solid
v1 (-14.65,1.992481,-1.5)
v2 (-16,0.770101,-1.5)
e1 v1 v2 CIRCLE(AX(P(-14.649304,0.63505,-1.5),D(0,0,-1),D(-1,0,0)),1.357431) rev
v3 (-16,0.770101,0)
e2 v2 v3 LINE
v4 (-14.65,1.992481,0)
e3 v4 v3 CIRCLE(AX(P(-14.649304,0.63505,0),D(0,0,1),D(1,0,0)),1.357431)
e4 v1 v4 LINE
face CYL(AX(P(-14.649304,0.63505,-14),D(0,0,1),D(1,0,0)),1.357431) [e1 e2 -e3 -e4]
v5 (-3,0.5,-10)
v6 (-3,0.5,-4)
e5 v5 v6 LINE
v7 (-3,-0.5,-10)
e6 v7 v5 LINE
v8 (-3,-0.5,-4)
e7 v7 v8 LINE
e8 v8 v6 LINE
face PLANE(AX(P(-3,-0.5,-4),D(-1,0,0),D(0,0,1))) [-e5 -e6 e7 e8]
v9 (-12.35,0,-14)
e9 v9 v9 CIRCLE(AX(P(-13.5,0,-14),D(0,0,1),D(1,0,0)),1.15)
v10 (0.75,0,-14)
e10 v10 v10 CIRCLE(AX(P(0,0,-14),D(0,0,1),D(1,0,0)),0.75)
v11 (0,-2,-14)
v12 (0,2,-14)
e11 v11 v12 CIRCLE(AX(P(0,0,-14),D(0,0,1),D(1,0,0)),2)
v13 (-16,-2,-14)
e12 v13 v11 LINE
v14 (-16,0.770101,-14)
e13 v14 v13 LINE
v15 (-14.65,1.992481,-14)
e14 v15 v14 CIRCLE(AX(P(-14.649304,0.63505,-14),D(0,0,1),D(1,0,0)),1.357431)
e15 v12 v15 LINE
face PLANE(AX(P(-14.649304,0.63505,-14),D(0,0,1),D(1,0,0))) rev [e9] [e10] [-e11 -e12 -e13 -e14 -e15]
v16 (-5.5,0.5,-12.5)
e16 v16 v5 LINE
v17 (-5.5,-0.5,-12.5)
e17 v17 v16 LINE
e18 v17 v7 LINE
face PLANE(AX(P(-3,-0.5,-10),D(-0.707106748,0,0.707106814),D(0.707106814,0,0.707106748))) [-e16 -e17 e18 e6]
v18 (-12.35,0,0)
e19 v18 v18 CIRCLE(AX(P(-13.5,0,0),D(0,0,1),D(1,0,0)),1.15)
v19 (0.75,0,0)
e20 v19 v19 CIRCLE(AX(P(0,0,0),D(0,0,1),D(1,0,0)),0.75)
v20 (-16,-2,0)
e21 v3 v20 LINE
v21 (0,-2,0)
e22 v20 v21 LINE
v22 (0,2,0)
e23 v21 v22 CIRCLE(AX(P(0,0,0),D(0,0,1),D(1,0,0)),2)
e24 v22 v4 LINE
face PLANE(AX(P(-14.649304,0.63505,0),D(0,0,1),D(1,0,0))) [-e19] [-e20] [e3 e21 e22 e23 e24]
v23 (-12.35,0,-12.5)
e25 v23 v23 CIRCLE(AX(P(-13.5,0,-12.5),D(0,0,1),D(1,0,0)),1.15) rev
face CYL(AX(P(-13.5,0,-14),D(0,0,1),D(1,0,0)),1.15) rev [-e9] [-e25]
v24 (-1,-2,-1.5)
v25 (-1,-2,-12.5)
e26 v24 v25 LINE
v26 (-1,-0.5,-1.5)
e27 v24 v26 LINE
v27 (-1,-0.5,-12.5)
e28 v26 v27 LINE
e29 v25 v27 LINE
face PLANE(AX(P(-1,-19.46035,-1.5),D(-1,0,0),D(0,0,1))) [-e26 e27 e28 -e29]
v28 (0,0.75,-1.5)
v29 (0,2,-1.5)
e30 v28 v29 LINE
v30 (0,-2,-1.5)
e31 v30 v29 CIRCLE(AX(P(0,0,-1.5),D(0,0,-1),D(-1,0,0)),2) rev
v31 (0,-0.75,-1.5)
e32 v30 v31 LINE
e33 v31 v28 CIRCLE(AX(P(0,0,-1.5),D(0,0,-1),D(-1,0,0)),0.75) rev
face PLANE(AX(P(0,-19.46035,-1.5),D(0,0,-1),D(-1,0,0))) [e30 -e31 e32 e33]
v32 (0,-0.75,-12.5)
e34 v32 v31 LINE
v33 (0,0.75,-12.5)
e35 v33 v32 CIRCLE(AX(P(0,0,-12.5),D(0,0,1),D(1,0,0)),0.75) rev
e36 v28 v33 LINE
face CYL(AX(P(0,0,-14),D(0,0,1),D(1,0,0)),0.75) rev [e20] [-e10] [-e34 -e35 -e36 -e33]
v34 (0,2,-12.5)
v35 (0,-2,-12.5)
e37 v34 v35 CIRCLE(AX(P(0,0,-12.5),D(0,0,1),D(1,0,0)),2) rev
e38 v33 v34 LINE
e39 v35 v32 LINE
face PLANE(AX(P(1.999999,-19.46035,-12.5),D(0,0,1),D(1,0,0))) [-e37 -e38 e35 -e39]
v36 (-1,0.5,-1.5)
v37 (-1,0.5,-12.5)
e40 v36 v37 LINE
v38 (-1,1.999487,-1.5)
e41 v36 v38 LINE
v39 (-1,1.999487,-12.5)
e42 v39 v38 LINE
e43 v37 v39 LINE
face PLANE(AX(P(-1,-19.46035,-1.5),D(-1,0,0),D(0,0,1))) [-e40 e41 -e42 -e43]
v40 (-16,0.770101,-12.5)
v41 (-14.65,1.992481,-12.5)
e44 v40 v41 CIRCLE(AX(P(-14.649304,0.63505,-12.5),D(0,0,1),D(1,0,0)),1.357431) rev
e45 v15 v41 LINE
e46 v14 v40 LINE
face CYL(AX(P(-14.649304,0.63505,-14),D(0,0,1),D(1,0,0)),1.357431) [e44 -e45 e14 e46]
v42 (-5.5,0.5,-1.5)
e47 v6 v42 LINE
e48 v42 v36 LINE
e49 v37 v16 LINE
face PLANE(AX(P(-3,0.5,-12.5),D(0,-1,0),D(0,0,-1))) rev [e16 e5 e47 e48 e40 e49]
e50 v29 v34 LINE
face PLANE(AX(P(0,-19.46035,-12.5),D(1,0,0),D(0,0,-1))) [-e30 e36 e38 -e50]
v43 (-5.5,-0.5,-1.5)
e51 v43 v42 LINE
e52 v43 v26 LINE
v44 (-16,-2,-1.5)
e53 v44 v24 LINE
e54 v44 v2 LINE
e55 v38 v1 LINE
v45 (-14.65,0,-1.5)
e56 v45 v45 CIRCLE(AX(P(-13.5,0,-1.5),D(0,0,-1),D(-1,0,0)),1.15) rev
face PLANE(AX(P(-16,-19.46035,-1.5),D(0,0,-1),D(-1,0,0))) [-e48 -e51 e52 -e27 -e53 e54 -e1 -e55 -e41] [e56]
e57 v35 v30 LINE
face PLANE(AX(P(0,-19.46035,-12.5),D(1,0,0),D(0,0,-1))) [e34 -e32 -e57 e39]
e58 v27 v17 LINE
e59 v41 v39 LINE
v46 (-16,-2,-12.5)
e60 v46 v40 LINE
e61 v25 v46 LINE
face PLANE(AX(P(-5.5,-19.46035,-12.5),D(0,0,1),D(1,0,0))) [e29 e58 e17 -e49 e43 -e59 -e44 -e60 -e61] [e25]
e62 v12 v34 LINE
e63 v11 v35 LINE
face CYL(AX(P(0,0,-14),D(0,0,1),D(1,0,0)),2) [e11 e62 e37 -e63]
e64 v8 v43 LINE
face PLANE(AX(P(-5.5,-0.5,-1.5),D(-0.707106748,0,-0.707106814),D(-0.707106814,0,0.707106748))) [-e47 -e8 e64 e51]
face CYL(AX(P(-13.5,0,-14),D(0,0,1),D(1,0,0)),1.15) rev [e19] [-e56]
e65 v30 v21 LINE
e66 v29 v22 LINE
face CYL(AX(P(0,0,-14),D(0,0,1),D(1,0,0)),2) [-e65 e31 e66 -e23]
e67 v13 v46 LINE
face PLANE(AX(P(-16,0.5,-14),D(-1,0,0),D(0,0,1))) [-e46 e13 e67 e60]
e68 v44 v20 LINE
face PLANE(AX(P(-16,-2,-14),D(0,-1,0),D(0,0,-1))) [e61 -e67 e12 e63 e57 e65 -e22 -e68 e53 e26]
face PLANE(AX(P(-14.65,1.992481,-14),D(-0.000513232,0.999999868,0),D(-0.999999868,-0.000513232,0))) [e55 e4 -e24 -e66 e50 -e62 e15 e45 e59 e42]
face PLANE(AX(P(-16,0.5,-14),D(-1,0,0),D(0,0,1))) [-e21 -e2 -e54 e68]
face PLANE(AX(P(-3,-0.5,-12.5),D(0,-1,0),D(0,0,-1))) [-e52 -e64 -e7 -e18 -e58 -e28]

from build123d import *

# Parameters (mm, degrees)
SKETCH5_R           = 1.15
SKETCH5_R_2         = 0.749999784
BASE_EXTRUDE_DEPTH  = 14.000000432
SKETCH9_OUTSIDE_W   = 24.639
SKETCH9_OUTSIDE_H   = 20.632
CUT_EXTRUDE2_DEPTH  = 37.000000432
BOSS_EXTRUDE1_DEPTH = 1.000000047


with BuildPart() as part:
    # Sketch5 → Base-Extrude (new body)
    with BuildSketch(Plane.XY):
        with BuildLine():
            Line((-14.650000216, 1.992481203), (-2.16e-07, 2.000000047))
            ThreePointArc((-2.16e-07, 2.000000047), (2.000000047, 1.08e-07), (0, -2.000000047))
            Line((0, -2.000000047), (-15.999999829, -2.000000047))
            Line((-15.999999829, -2.000000047), (-15.999999829, 0.500000071))
            ThreePointArc((-15.999999829, 0.500000071), (-15.656001468, 1.545642629), (-14.650000216, 1.992481203))
        make_face()
        with Locations((-13.500000216, 4.7e-08)):
            Circle(SKETCH5_R, mode=Mode.SUBTRACT)
        Circle(SKETCH5_R_2, mode=Mode.SUBTRACT)
    extrude(amount=-BASE_EXTRUDE_DEPTH)

    # Sketch9 outside → Cut-Extrude2 (cut)
    with BuildSketch(Plane(origin=(0, 17.539650086, 0), x_dir=(-1, 0, 0), z_dir=(0, 1, 0))):
        with Locations((7.0035, -7)):
            Rectangle(SKETCH9_OUTSIDE_W, SKETCH9_OUTSIDE_H)
        Polygon((5.500000203, -12.500000186), (15.999999829, -12.500000186), (15.999999829, -14.000000432), (-1.999999397, -14.000000432), (-1.999999397, -12.500000186), (0, -12.500000186), (0, -1.500000246), (-1.999999397, -1.500000246), (-1.999999397, 0), (15.999999829, 0), (15.999999829, -1.500000246), (5.500000203, -1.500000246), (1.000000164, -1.500000246), (1.000000164, -12.500000186), align=None, mode=Mode.SUBTRACT)
    extrude(amount=-CUT_EXTRUDE2_DEPTH, mode=Mode.SUBTRACT)

    # Sketch10 → Boss-Extrude1 (add)
    with BuildSketch(Plane(origin=(-42.928367292, 0.500000071, -4.00000019), x_dir=(-1, 0, 0), z_dir=(0, 1, 0))):
        Polygon((-37.428367089, 2.499999944), (-39.928367266, 0), (-39.928367266, -6.000000052), (-37.428367089, -8.499999996), (-41.928367128, -8.499999996), (-41.928367128, 2.499999944), align=None)
    extrude(amount=-BOSS_EXTRUDE1_DEPTH)


solid = part.part
